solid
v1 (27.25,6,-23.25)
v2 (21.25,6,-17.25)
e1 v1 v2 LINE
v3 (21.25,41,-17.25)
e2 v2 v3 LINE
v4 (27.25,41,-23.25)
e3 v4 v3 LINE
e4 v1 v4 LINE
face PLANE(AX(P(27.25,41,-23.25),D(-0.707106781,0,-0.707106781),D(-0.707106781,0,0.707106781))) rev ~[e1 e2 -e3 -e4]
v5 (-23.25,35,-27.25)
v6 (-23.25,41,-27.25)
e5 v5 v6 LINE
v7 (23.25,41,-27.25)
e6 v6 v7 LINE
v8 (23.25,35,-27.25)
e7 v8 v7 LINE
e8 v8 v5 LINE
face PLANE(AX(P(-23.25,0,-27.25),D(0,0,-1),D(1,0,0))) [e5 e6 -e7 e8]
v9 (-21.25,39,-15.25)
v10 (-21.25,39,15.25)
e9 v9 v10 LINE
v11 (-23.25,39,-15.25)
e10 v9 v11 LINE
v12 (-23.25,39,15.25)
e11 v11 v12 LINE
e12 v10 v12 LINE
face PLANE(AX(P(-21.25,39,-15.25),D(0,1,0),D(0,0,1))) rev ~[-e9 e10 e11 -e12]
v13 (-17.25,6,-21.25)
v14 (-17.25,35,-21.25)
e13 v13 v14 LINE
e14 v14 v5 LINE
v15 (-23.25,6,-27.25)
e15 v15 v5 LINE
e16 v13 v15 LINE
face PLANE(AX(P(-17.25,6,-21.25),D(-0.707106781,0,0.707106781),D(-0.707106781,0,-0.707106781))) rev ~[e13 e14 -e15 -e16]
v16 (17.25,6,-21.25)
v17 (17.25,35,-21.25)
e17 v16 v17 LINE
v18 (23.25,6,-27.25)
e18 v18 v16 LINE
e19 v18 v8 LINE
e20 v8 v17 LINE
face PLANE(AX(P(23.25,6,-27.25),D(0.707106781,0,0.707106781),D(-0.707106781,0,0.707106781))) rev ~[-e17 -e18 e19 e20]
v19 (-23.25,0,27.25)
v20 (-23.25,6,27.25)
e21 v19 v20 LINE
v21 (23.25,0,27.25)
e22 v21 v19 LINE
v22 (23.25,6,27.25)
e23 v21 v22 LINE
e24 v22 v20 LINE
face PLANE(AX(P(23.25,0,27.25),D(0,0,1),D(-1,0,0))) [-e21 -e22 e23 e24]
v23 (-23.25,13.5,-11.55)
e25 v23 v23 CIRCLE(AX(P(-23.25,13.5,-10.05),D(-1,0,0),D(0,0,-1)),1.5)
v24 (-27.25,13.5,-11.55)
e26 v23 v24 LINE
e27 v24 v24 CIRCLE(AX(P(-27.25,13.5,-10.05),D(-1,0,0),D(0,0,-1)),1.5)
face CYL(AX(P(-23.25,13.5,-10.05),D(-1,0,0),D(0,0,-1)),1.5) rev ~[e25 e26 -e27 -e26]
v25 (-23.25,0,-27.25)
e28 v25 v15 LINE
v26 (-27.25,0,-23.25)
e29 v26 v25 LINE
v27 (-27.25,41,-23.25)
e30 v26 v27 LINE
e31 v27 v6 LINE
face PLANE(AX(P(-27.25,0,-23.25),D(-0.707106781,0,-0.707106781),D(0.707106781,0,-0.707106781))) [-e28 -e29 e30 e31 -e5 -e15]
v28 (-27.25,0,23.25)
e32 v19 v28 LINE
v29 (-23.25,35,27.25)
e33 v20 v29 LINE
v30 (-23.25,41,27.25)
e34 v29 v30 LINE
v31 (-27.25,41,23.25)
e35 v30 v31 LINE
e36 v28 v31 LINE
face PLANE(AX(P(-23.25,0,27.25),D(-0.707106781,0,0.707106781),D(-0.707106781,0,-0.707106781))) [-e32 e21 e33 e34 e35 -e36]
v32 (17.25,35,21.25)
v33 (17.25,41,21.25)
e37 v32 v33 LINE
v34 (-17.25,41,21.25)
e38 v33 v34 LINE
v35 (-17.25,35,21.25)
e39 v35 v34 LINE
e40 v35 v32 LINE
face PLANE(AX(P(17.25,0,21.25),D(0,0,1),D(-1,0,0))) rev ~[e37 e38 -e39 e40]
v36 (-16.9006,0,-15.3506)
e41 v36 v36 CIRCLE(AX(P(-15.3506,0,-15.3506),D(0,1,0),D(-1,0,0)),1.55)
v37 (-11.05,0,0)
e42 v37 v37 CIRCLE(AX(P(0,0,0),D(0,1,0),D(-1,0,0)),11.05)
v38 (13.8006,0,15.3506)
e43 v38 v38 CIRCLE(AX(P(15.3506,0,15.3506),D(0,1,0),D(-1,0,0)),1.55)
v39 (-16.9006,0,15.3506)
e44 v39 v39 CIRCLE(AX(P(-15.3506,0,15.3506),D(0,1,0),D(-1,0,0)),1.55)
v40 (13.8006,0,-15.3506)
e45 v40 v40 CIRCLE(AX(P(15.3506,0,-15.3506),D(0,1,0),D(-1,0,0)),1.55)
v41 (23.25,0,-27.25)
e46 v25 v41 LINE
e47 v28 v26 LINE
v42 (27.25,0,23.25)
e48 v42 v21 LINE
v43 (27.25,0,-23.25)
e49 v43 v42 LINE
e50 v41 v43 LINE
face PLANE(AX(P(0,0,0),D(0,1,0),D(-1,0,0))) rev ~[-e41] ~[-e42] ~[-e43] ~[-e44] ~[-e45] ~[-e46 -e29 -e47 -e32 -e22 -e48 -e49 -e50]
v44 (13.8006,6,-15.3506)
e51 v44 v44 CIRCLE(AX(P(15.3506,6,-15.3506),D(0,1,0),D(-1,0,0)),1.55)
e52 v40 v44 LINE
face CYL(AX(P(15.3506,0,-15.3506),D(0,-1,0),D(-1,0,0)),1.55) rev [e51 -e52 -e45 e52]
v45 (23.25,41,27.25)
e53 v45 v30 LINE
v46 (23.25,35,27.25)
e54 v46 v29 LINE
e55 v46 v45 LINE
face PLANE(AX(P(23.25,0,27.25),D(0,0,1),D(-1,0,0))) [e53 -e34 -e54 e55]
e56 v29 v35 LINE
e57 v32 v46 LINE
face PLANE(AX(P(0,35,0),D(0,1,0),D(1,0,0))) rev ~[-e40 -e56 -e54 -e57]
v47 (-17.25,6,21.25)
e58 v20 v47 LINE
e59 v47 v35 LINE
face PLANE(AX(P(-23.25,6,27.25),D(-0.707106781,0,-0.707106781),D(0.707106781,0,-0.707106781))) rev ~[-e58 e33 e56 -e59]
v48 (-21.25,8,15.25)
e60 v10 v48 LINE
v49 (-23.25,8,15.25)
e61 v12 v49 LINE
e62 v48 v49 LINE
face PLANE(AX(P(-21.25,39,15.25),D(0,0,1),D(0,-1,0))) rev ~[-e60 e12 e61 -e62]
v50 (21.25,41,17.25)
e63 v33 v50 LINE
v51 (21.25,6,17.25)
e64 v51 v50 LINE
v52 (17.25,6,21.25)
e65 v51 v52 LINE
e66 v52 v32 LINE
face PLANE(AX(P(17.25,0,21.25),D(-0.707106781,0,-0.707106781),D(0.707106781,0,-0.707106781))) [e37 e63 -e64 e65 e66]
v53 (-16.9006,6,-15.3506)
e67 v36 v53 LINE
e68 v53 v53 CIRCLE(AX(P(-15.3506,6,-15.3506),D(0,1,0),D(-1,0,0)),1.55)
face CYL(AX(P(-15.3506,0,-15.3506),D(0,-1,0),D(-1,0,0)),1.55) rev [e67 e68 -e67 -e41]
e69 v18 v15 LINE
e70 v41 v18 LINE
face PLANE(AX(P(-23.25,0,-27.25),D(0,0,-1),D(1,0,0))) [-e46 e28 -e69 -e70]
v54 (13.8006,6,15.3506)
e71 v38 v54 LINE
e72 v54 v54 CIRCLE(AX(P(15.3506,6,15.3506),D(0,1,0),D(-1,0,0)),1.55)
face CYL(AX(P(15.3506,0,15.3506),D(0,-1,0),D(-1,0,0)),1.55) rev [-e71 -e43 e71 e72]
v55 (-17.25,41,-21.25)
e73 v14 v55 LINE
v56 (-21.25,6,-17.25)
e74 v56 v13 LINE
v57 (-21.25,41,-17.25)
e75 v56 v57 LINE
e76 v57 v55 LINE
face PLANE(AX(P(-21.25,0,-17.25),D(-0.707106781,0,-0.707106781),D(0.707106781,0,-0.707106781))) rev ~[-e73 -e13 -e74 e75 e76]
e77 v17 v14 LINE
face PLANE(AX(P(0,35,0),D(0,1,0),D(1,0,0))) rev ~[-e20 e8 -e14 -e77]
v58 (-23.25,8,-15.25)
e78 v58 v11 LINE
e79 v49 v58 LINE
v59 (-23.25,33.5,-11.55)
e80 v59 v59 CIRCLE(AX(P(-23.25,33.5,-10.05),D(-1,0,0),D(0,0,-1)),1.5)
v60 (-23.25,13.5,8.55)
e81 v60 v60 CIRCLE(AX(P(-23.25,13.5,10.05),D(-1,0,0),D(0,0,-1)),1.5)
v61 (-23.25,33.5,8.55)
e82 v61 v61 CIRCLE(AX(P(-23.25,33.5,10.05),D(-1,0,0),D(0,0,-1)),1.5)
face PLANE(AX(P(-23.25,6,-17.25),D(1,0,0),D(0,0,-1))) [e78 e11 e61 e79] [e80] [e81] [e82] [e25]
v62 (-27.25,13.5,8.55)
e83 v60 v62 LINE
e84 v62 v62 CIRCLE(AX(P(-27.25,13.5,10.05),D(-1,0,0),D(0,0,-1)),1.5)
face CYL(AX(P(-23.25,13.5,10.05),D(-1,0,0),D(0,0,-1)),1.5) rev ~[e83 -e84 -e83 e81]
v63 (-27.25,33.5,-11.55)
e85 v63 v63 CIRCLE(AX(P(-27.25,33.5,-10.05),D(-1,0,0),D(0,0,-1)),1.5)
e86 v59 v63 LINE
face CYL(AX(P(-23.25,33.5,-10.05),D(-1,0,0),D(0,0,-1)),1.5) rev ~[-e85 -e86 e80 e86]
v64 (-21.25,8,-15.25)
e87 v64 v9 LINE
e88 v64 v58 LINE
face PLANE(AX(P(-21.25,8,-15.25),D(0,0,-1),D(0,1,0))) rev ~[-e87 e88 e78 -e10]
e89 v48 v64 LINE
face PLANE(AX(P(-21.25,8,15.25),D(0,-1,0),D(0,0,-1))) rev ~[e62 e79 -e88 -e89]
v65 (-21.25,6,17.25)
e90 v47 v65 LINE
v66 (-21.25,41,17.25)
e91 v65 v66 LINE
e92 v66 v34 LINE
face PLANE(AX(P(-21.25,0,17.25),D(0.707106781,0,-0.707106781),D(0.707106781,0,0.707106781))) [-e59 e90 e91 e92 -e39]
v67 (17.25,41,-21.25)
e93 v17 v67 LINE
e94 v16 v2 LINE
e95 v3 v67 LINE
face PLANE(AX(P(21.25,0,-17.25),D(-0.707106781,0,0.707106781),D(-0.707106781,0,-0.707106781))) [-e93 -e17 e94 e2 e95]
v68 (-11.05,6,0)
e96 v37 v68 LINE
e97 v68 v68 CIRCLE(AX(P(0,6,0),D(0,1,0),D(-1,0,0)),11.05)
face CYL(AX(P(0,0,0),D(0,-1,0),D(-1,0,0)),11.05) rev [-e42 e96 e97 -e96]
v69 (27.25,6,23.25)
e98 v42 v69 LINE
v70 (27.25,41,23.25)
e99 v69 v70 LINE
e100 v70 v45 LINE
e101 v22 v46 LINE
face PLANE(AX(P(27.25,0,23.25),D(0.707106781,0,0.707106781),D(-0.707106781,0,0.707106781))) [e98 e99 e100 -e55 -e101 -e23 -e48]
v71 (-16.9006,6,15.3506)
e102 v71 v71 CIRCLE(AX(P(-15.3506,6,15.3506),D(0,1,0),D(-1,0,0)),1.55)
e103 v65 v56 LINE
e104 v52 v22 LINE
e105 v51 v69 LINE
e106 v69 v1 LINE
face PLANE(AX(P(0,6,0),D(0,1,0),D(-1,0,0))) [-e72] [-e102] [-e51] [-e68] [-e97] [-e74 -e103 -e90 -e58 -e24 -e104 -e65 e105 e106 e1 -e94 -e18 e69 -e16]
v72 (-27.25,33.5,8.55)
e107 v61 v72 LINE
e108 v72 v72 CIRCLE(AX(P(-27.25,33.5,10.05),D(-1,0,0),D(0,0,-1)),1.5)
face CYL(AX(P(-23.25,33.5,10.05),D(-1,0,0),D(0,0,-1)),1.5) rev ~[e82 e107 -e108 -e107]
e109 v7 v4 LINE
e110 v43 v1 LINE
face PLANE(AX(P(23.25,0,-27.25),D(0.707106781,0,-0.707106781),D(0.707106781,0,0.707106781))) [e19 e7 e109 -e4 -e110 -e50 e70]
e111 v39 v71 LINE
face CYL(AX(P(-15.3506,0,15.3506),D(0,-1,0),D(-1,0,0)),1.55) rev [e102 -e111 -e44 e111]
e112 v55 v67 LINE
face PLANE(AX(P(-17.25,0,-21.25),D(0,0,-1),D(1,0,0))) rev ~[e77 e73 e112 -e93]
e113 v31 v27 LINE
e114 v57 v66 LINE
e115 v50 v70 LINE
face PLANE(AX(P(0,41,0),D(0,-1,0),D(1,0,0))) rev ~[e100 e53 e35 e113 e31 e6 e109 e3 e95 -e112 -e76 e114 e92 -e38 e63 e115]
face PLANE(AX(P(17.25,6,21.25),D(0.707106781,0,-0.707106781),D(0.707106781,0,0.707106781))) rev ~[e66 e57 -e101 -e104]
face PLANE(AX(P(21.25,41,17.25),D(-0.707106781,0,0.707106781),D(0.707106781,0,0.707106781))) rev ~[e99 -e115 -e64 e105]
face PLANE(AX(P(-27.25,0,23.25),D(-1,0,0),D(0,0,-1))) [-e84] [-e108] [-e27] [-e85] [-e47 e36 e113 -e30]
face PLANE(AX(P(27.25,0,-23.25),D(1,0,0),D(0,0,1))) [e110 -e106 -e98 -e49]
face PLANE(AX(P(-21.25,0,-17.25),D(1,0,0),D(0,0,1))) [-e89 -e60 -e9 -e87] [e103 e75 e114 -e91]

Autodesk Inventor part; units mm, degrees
ref_plane "YZ Plane" through (0, 0, 0) normal (1, 0, 0) x (0, 1, 0)
ref_plane "XZ Plane" through (0, 0, 0) normal (0, 1, 0) x (-1, 0, 0)
ref_plane "XY Plane" through (0, 0, 0) normal (0, 0, 1) x (1, 0, 0)
sketch "Sketch1" plane through (0, 0, 0) normal (0, 1, 0) x (-1, 0, 0)
  circle A0 centre (0, 0) radius 11.05
  line L0 (21.25, 17.25) -> (21.25, -17.25)
  line L1 (21.25, -17.25) -> (17.25, -21.25)
  line L2 (17.25, -21.25) -> (-17.25, -21.25)
  line L3 (-17.25, -21.25) -> (-21.25, -17.25)
  line L4 (-21.25, -17.25) -> (-21.25, 17.25)
  line L5 (-21.25, 17.25) -> (-17.25, 21.25)
  line L6 (-17.25, 21.25) -> (17.25, 21.25)
  line L7 (17.25, 21.25) -> (21.25, 17.25)
  line L8 (21.25, 0) -> (-21.25, 0) construction
  line L9 (0, 21.25) -> (0, -21.25) construction
  circle A1 centre (15.3506, -15.3506) radius 1.55
  line L10 (15.3506, -15.3506) -> (0, 0) construction
  circle A2 centre (15.3506, 15.3506) radius 1.55
  circle A3 centre (-15.3506, 15.3506) radius 1.55
  circle A4 centre (-15.3506, -15.3506) radius 1.55
  point P0 (0, 0)
  dimension "d0" = 22.1
  dimension "d1" = 135
  dimension "d2" = 42.5
  dimension "d3" = 5.6569
  dimension "d25" = 3.1
  dimension "d26" = 21.709
  dimension "d27" = 45
  dimension "d30" = 360
extrude "Extrusion1" add sketch "Sketch1" along normal blind 6
sketch "Sketch6" plane through (0, 0, 0) normal (0, -1, 0) x (1, 0, 0)
  line L0 (27.25, -23.25) -> (27.25, 23.25)
  line L1 (27.25, 23.25) -> (23.25, 27.25)
  line L2 (23.25, 27.25) -> (-23.25, 27.25)
  line L3 (-23.25, 27.25) -> (-27.25, 23.25)
  line L4 (-27.25, 23.25) -> (-27.25, -23.25)
  line L5 (-27.25, -23.25) -> (-23.25, -27.25)
  line L6 (-23.25, -27.25) -> (23.25, -27.25)
  line L7 (23.25, -27.25) -> (27.25, -23.25)
  line L8 (25.25, -25.25) -> (-25.25, 25.25) construction
  line L9 (-17.25, 21.25) -> (17.25, 21.25) construction
  line L10 (23.25, 27.25) -> (17.25, 21.25) construction
  line L11 (27.25, 23.25) -> (21.25, 17.25) construction
  line L12 (21.25, -17.25) -> (17.25, -21.25) projected
  line L13 (21.25, 17.25) -> (21.25, -17.25) projected
  line L14 (21.25, -17.25) -> (21.25, 17.25)
  line L15 (17.25, 21.25) -> (21.25, 17.25) projected
  line L16 (21.25, 17.25) -> (17.25, 21.25)
  line L17 (17.25, 21.25) -> (-17.25, 21.25)
  line L18 (-21.25, 17.25) -> (-17.25, 21.25) projected
  line L19 (-21.25, 17.25) -> (-17.25, 21.25)
  line L20 (17.25, 21.25) -> (21.25, 17.25)
  line L21 (-21.25, -17.25) -> (-21.25, 17.25) projected
  line L22 (-21.25, 17.25) -> (-21.25, -17.25)
  line L23 (-21.25, -17.25) -> (-17.25, -21.25)
  line L24 (-17.25, -21.25) -> (17.25, -21.25)
  line L25 (17.25, -21.25) -> (21.25, -17.25)
  point P0 (0, 0)
  point P1 (0, 0)
  dimension "d32" = 135
  dimension "d33" = 135
  dimension "d34" = 46.5
extrude "Extrusion5" add sketch "Sketch6" against normal blind 41
sketch "Sketch8" plane through (0, 41, 0) normal (0, 1, 0) x (1, 0, 0)
  line L0 (27.25, -23.25) -> (27.25, 23.25) projected
  line L1 (21.25, -17.25) -> (21.25, 17.25) projected
  line L2 (27.25, 23.25) -> (21.25, 17.25)
  line L3 (17.25, -21.25) -> (21.25, -17.25) projected
  line L4 (21.25, 17.25) -> (21.25, -17.25)
  line L5 (21.25, -17.25) -> (27.25, -23.25)
  line L6 (27.25, -23.25) -> (27.25, 23.25)
  point P0 (0, 0)
  point P1 (27.25, -23.25)
extrude "Extrusion6" cut sketch "Sketch8" against normal blind 35
sketch "Sketch9" plane through (0, 6, 0) normal (0, 1, 0) x (1, 0, 0)
  line L0 (23.25, 27.25) -> (-23.25, 27.25) projected
  line L1 (17.25, 21.25) -> (21.25, 17.25) projected
  line L2 (23.25, 27.25) -> (17.25, 21.25)
  line L3 (-21.25, 17.25) -> (-17.25, 21.25) projected
  line L4 (17.25, 21.25) -> (-17.25, 21.25)
  line L5 (-17.25, 21.25) -> (-23.25, 27.25)
  line L6 (-23.25, 27.25) -> (23.25, 27.25)
  line L7 (-17.25, -21.25) -> (17.25, -21.25) projected
  line L8 (23.25, -27.25) -> (-23.25, -27.25) projected
  line L9 (17.25, -21.25) -> (23.25, -27.25)
  line L10 (23.25, -27.25) -> (-23.25, -27.25)
  line L11 (-23.25, -27.25) -> (-17.25, -21.25)
  line L12 (-17.25, -21.25) -> (17.25, -21.25)
  point P0 (0, 0)
  point P1 (-23.25, 27.25)
extrude "Extrusion7" cut sketch "Sketch9" along normal blind 29
sketch "Sketch10" plane through (-21.25, 6, -17.25) normal (1, 0, 0) x (0, 0, -1)
  line L0 (6, 0) -> (-40.5, 0) construction
  line L1 (-17.25, 0) -> (-17.25, 35) construction
  line L2 (-34.5, 35) -> (0, 35) construction
  line L3 (0, 0) -> (0, 35) construction
  line L4 (0, 17.5) -> (-34.5, 17.5) construction
  line L5 (-34.5, 0) -> (-34.5, 35) construction
  line L6 (-32.5, 2) -> (-2, 2)
  line L7 (-2, 2) -> (-2, 33)
  line L8 (-2, 33) -> (-32.5, 33)
  line L9 (-32.5, 33) -> (-32.5, 2)
  line L10 (-17.25, 2) -> (-17.25, 33) construction
  line L11 (-32.5, 17.5) -> (-2, 17.5) construction
  point P0 (-17.25, -6)
  point P1 (-17.25, 17.5)
  dimension "d41" = 2
  dimension "d42" = 2
extrude "Extrusion8" cut sketch "Sketch10" against normal blind 2
sketch "Sketch11" plane through (-23.25, 6, -17.25) normal (1, 0, 0) x (0, 0, -1)
  line L0 (-7.2, 7.5) -> (-27.3, 7.5) construction
  line L1 (-27.3, 7.5) -> (-27.3, 27.5) construction
  line L2 (-27.3, 27.5) -> (-7.2, 27.5) construction
  line L3 (-7.2, 27.5) -> (-7.2, 7.5) construction
  line L4 (-2, 33) -> (-2, 2) construction
  line L5 (-32.5, 2) -> (-32.5, 33) construction
  line L6 (-2, 2) -> (-32.5, 33) construction
  line L7 (-32.5, 33) -> (-2, 33) construction
  line L8 (-32.5, 2) -> (-2, 33) construction
  line L9 (-7.2, 7.5) -> (-27.3, 27.5) construction
  line L10 (-27.3, 7.5) -> (-7.2, 27.5) construction
  point P0 (-17.25, -6)
  point P1 (-17.25, 17.5)
  dimension "d45" = 20.1
  dimension "d46" = 20
hole "Hole2" at (-23.25, 13.5, -10.05) at (-23.25, 13.5, 10.05) at (-23.25, 33.5, -10.05) at (-23.25, 33.5, 10.05) direction (-1, 0, 0) diameter 3 depth 4
equation "\"d0\" = shaft_hole_diameter"
equation "\"d4\" = mount_face_thickness"
equation "\"d34\" = mount_width"
equation "\"d35\" = mount_length"
equation "\"d37\" = mount_length - mount_face_thickness"
equation "\"d39\" = mount_length - 2 * mount_face_thickness"
equation "\"d45\" = screw_x"
equation "\"d46\" = screw_y"
equation "\"d47\" = screw_diameter"
equation "\"shaft_hole_diameter\" = 22.1"
equation "\"mount_width\" = 46.5"
equation "\"mount_slant_length\" = 5"
equation "\"mount_face_thickness\" = 6"
equation "\"mount_length\" = 41"
equation "\"screw_x\" = 20.1"
equation "\"screw_y\" = 20"
equation "\"screw_diameter\" = 3"
properties part number "table_motor_mount"
